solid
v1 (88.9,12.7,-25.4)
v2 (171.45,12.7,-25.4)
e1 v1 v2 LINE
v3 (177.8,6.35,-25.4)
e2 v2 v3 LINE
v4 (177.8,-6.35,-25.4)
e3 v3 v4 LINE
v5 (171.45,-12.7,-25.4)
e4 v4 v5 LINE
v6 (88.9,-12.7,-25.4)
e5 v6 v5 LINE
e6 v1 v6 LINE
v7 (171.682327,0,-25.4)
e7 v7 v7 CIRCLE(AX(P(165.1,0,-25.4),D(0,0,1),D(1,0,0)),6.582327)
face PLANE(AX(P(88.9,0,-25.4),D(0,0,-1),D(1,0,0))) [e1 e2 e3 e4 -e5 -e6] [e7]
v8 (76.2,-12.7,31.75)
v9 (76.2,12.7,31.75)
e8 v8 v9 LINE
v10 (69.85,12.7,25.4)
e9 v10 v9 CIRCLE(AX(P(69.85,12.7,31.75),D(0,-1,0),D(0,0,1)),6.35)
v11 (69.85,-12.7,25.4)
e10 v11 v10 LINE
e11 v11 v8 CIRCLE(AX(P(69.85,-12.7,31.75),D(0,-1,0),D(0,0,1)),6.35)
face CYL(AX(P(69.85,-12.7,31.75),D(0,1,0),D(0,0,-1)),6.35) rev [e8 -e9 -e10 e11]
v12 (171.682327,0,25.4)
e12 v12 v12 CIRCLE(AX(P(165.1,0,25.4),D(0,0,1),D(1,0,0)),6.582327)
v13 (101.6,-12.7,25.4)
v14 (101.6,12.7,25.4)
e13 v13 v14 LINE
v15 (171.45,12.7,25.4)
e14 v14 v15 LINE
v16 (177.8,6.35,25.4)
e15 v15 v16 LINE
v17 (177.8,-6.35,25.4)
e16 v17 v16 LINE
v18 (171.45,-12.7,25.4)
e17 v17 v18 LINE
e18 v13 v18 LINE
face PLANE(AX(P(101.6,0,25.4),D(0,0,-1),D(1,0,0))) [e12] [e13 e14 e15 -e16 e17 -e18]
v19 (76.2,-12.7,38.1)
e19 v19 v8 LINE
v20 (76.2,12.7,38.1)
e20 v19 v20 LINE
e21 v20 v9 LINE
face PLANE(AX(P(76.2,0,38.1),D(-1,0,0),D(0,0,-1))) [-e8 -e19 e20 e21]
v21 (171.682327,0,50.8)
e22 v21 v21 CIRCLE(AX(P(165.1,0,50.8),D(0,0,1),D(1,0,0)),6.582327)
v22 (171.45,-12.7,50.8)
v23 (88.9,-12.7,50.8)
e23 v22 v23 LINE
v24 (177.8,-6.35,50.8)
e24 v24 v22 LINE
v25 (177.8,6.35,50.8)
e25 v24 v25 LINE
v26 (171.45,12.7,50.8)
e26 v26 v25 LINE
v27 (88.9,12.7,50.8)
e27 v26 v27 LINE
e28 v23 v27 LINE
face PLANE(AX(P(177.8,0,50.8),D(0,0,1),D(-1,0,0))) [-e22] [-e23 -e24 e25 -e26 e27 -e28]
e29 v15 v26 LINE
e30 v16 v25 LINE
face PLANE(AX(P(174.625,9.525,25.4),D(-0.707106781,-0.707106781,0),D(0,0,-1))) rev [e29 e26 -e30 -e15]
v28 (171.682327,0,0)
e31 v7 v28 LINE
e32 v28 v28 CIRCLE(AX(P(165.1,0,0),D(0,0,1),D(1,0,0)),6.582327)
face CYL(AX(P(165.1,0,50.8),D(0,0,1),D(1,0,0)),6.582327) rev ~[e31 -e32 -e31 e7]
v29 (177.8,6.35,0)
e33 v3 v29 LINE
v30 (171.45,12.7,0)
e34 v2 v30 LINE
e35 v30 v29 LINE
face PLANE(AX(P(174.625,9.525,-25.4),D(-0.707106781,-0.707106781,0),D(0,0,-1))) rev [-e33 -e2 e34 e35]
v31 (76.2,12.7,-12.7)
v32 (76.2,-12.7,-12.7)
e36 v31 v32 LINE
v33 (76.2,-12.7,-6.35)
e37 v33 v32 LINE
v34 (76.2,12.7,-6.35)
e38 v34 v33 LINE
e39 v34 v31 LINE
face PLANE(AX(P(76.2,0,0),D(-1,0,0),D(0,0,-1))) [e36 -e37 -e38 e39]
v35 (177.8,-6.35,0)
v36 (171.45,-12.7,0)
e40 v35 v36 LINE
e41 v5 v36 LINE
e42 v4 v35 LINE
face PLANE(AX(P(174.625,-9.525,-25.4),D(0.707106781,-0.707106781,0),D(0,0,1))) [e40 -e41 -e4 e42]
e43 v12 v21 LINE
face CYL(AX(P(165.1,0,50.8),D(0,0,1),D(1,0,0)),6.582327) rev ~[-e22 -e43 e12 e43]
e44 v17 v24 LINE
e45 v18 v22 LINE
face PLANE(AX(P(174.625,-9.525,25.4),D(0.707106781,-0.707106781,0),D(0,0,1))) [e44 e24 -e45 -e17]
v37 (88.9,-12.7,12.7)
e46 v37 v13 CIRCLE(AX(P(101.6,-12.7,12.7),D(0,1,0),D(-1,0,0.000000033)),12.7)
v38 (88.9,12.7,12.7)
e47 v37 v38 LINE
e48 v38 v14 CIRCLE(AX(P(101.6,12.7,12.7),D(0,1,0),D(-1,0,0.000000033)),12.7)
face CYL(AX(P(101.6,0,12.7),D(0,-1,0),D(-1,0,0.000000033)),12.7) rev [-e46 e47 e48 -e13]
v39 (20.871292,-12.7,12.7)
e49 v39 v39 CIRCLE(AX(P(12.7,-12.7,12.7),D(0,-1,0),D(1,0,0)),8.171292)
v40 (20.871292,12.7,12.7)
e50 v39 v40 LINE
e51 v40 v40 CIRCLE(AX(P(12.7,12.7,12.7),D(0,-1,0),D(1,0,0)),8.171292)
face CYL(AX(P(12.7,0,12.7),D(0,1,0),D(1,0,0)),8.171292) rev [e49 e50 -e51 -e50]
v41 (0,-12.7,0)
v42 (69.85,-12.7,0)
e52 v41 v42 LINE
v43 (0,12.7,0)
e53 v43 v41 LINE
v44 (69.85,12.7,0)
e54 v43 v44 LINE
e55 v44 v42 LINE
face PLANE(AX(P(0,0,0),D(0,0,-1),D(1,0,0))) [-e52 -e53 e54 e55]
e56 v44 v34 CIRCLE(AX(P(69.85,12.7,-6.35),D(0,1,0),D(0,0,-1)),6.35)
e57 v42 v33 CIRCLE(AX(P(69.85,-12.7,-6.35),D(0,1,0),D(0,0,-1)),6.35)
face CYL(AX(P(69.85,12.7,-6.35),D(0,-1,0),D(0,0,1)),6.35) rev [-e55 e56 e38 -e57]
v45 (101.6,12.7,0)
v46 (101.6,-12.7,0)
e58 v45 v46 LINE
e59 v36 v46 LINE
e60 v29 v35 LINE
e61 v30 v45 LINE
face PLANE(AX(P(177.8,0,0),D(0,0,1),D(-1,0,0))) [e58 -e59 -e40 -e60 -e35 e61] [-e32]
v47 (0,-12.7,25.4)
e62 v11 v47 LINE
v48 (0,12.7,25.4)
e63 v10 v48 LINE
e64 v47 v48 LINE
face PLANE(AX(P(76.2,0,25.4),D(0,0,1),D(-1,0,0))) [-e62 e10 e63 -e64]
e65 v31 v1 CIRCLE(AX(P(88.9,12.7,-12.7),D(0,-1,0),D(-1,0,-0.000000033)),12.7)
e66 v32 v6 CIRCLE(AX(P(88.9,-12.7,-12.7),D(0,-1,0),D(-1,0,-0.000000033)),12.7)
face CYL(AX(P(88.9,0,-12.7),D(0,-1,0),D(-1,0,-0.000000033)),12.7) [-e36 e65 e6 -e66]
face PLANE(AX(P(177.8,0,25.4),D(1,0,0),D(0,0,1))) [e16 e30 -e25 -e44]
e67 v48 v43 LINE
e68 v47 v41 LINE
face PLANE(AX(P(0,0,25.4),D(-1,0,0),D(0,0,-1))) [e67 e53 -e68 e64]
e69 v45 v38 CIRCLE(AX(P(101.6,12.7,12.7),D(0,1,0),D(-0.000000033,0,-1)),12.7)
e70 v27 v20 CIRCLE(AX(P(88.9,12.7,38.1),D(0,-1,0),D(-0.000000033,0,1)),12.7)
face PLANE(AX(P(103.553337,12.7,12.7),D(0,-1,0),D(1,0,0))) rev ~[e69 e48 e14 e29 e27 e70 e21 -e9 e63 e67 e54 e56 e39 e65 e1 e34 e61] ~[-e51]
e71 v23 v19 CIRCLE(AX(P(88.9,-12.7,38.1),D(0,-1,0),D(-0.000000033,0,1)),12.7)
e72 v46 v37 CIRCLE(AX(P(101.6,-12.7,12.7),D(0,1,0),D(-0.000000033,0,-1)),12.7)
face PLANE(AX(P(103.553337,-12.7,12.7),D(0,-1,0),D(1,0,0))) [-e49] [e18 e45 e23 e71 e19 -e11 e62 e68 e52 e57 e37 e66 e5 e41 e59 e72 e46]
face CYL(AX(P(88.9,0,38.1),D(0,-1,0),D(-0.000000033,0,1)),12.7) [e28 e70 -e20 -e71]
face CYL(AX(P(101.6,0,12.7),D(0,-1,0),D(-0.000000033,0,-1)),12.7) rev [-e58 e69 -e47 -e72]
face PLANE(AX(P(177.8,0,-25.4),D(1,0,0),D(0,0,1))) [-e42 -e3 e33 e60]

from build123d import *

# Parameters (mm, degrees)
F0_R     = 8.171292
F1_DEPTH = 12.7
F2_R     = 6.582327
F3_DEPTH = 127
F4_R     = 6.35
F5_SIZE  = 6.35


with BuildPart() as f1:
    # F0 (on Front) → F1 (new body, symmetric)
    with BuildSketch(Plane.XZ):
        with BuildLine():
            Line((0, 25.4), (0, 0))
            Line((0, 0), (76.2, 0))
            Line((76.2, 0), (76.2, -12.7))
            ThreePointArc((76.2, -12.7), (79.919744, -21.680256), (88.9, -25.4))
            Line((88.9, -25.4), (177.8, -25.4))
            Line((177.8, -25.4), (177.8, 0))
            Line((177.8, 0), (101.6, 0))
            ThreePointArc((101.6, 0), (92.619744, 3.719744), (88.9, 12.7))
            ThreePointArc((88.9, 12.7), (92.619744, 21.680256), (101.6, 25.4))
            Line((101.6, 25.4), (177.8, 25.4))
            Line((177.8, 25.4), (177.8, 50.8))
            Line((177.8, 50.8), (88.9, 50.8))
            ThreePointArc((88.9, 50.8), (79.919744, 47.080256), (76.2, 38.1))
            Line((76.2, 38.1), (76.2, 25.4))
            Line((76.2, 25.4), (0, 25.4))
        make_face()
        with Locations((12.7, 12.7)):
            Circle(F0_R, mode=Mode.SUBTRACT)
    extrude(amount=F1_DEPTH, both=True)

    # F2 (on face) → F3 (cut, symmetric)
    with BuildSketch(Plane.XY.offset(50.8)):
        with Locations((165.1, 0)):
            Circle(F2_R)
    extrude(amount=F3_DEPTH, both=True, mode=Mode.SUBTRACT)

    # F4
    f4_edges = [f1.edges().sort_by_distance(p)[0] for p in [
        (76.2, 0, 25.4),
        (76.2, 0, 0),
    ]]
    fillet(f4_edges, radius=F4_R)

    # F5
    f5_edges = [f1.edges().sort_by_distance(p)[0] for p in [
        (177.8, 12.7, 38.1),
        (177.8, -12.7, 38.1),
        (177.8, -12.7, -12.7),
        (177.8, 12.7, -12.7),
    ]]
    chamfer(f5_edges, length=F5_SIZE)


solid = f1.part
